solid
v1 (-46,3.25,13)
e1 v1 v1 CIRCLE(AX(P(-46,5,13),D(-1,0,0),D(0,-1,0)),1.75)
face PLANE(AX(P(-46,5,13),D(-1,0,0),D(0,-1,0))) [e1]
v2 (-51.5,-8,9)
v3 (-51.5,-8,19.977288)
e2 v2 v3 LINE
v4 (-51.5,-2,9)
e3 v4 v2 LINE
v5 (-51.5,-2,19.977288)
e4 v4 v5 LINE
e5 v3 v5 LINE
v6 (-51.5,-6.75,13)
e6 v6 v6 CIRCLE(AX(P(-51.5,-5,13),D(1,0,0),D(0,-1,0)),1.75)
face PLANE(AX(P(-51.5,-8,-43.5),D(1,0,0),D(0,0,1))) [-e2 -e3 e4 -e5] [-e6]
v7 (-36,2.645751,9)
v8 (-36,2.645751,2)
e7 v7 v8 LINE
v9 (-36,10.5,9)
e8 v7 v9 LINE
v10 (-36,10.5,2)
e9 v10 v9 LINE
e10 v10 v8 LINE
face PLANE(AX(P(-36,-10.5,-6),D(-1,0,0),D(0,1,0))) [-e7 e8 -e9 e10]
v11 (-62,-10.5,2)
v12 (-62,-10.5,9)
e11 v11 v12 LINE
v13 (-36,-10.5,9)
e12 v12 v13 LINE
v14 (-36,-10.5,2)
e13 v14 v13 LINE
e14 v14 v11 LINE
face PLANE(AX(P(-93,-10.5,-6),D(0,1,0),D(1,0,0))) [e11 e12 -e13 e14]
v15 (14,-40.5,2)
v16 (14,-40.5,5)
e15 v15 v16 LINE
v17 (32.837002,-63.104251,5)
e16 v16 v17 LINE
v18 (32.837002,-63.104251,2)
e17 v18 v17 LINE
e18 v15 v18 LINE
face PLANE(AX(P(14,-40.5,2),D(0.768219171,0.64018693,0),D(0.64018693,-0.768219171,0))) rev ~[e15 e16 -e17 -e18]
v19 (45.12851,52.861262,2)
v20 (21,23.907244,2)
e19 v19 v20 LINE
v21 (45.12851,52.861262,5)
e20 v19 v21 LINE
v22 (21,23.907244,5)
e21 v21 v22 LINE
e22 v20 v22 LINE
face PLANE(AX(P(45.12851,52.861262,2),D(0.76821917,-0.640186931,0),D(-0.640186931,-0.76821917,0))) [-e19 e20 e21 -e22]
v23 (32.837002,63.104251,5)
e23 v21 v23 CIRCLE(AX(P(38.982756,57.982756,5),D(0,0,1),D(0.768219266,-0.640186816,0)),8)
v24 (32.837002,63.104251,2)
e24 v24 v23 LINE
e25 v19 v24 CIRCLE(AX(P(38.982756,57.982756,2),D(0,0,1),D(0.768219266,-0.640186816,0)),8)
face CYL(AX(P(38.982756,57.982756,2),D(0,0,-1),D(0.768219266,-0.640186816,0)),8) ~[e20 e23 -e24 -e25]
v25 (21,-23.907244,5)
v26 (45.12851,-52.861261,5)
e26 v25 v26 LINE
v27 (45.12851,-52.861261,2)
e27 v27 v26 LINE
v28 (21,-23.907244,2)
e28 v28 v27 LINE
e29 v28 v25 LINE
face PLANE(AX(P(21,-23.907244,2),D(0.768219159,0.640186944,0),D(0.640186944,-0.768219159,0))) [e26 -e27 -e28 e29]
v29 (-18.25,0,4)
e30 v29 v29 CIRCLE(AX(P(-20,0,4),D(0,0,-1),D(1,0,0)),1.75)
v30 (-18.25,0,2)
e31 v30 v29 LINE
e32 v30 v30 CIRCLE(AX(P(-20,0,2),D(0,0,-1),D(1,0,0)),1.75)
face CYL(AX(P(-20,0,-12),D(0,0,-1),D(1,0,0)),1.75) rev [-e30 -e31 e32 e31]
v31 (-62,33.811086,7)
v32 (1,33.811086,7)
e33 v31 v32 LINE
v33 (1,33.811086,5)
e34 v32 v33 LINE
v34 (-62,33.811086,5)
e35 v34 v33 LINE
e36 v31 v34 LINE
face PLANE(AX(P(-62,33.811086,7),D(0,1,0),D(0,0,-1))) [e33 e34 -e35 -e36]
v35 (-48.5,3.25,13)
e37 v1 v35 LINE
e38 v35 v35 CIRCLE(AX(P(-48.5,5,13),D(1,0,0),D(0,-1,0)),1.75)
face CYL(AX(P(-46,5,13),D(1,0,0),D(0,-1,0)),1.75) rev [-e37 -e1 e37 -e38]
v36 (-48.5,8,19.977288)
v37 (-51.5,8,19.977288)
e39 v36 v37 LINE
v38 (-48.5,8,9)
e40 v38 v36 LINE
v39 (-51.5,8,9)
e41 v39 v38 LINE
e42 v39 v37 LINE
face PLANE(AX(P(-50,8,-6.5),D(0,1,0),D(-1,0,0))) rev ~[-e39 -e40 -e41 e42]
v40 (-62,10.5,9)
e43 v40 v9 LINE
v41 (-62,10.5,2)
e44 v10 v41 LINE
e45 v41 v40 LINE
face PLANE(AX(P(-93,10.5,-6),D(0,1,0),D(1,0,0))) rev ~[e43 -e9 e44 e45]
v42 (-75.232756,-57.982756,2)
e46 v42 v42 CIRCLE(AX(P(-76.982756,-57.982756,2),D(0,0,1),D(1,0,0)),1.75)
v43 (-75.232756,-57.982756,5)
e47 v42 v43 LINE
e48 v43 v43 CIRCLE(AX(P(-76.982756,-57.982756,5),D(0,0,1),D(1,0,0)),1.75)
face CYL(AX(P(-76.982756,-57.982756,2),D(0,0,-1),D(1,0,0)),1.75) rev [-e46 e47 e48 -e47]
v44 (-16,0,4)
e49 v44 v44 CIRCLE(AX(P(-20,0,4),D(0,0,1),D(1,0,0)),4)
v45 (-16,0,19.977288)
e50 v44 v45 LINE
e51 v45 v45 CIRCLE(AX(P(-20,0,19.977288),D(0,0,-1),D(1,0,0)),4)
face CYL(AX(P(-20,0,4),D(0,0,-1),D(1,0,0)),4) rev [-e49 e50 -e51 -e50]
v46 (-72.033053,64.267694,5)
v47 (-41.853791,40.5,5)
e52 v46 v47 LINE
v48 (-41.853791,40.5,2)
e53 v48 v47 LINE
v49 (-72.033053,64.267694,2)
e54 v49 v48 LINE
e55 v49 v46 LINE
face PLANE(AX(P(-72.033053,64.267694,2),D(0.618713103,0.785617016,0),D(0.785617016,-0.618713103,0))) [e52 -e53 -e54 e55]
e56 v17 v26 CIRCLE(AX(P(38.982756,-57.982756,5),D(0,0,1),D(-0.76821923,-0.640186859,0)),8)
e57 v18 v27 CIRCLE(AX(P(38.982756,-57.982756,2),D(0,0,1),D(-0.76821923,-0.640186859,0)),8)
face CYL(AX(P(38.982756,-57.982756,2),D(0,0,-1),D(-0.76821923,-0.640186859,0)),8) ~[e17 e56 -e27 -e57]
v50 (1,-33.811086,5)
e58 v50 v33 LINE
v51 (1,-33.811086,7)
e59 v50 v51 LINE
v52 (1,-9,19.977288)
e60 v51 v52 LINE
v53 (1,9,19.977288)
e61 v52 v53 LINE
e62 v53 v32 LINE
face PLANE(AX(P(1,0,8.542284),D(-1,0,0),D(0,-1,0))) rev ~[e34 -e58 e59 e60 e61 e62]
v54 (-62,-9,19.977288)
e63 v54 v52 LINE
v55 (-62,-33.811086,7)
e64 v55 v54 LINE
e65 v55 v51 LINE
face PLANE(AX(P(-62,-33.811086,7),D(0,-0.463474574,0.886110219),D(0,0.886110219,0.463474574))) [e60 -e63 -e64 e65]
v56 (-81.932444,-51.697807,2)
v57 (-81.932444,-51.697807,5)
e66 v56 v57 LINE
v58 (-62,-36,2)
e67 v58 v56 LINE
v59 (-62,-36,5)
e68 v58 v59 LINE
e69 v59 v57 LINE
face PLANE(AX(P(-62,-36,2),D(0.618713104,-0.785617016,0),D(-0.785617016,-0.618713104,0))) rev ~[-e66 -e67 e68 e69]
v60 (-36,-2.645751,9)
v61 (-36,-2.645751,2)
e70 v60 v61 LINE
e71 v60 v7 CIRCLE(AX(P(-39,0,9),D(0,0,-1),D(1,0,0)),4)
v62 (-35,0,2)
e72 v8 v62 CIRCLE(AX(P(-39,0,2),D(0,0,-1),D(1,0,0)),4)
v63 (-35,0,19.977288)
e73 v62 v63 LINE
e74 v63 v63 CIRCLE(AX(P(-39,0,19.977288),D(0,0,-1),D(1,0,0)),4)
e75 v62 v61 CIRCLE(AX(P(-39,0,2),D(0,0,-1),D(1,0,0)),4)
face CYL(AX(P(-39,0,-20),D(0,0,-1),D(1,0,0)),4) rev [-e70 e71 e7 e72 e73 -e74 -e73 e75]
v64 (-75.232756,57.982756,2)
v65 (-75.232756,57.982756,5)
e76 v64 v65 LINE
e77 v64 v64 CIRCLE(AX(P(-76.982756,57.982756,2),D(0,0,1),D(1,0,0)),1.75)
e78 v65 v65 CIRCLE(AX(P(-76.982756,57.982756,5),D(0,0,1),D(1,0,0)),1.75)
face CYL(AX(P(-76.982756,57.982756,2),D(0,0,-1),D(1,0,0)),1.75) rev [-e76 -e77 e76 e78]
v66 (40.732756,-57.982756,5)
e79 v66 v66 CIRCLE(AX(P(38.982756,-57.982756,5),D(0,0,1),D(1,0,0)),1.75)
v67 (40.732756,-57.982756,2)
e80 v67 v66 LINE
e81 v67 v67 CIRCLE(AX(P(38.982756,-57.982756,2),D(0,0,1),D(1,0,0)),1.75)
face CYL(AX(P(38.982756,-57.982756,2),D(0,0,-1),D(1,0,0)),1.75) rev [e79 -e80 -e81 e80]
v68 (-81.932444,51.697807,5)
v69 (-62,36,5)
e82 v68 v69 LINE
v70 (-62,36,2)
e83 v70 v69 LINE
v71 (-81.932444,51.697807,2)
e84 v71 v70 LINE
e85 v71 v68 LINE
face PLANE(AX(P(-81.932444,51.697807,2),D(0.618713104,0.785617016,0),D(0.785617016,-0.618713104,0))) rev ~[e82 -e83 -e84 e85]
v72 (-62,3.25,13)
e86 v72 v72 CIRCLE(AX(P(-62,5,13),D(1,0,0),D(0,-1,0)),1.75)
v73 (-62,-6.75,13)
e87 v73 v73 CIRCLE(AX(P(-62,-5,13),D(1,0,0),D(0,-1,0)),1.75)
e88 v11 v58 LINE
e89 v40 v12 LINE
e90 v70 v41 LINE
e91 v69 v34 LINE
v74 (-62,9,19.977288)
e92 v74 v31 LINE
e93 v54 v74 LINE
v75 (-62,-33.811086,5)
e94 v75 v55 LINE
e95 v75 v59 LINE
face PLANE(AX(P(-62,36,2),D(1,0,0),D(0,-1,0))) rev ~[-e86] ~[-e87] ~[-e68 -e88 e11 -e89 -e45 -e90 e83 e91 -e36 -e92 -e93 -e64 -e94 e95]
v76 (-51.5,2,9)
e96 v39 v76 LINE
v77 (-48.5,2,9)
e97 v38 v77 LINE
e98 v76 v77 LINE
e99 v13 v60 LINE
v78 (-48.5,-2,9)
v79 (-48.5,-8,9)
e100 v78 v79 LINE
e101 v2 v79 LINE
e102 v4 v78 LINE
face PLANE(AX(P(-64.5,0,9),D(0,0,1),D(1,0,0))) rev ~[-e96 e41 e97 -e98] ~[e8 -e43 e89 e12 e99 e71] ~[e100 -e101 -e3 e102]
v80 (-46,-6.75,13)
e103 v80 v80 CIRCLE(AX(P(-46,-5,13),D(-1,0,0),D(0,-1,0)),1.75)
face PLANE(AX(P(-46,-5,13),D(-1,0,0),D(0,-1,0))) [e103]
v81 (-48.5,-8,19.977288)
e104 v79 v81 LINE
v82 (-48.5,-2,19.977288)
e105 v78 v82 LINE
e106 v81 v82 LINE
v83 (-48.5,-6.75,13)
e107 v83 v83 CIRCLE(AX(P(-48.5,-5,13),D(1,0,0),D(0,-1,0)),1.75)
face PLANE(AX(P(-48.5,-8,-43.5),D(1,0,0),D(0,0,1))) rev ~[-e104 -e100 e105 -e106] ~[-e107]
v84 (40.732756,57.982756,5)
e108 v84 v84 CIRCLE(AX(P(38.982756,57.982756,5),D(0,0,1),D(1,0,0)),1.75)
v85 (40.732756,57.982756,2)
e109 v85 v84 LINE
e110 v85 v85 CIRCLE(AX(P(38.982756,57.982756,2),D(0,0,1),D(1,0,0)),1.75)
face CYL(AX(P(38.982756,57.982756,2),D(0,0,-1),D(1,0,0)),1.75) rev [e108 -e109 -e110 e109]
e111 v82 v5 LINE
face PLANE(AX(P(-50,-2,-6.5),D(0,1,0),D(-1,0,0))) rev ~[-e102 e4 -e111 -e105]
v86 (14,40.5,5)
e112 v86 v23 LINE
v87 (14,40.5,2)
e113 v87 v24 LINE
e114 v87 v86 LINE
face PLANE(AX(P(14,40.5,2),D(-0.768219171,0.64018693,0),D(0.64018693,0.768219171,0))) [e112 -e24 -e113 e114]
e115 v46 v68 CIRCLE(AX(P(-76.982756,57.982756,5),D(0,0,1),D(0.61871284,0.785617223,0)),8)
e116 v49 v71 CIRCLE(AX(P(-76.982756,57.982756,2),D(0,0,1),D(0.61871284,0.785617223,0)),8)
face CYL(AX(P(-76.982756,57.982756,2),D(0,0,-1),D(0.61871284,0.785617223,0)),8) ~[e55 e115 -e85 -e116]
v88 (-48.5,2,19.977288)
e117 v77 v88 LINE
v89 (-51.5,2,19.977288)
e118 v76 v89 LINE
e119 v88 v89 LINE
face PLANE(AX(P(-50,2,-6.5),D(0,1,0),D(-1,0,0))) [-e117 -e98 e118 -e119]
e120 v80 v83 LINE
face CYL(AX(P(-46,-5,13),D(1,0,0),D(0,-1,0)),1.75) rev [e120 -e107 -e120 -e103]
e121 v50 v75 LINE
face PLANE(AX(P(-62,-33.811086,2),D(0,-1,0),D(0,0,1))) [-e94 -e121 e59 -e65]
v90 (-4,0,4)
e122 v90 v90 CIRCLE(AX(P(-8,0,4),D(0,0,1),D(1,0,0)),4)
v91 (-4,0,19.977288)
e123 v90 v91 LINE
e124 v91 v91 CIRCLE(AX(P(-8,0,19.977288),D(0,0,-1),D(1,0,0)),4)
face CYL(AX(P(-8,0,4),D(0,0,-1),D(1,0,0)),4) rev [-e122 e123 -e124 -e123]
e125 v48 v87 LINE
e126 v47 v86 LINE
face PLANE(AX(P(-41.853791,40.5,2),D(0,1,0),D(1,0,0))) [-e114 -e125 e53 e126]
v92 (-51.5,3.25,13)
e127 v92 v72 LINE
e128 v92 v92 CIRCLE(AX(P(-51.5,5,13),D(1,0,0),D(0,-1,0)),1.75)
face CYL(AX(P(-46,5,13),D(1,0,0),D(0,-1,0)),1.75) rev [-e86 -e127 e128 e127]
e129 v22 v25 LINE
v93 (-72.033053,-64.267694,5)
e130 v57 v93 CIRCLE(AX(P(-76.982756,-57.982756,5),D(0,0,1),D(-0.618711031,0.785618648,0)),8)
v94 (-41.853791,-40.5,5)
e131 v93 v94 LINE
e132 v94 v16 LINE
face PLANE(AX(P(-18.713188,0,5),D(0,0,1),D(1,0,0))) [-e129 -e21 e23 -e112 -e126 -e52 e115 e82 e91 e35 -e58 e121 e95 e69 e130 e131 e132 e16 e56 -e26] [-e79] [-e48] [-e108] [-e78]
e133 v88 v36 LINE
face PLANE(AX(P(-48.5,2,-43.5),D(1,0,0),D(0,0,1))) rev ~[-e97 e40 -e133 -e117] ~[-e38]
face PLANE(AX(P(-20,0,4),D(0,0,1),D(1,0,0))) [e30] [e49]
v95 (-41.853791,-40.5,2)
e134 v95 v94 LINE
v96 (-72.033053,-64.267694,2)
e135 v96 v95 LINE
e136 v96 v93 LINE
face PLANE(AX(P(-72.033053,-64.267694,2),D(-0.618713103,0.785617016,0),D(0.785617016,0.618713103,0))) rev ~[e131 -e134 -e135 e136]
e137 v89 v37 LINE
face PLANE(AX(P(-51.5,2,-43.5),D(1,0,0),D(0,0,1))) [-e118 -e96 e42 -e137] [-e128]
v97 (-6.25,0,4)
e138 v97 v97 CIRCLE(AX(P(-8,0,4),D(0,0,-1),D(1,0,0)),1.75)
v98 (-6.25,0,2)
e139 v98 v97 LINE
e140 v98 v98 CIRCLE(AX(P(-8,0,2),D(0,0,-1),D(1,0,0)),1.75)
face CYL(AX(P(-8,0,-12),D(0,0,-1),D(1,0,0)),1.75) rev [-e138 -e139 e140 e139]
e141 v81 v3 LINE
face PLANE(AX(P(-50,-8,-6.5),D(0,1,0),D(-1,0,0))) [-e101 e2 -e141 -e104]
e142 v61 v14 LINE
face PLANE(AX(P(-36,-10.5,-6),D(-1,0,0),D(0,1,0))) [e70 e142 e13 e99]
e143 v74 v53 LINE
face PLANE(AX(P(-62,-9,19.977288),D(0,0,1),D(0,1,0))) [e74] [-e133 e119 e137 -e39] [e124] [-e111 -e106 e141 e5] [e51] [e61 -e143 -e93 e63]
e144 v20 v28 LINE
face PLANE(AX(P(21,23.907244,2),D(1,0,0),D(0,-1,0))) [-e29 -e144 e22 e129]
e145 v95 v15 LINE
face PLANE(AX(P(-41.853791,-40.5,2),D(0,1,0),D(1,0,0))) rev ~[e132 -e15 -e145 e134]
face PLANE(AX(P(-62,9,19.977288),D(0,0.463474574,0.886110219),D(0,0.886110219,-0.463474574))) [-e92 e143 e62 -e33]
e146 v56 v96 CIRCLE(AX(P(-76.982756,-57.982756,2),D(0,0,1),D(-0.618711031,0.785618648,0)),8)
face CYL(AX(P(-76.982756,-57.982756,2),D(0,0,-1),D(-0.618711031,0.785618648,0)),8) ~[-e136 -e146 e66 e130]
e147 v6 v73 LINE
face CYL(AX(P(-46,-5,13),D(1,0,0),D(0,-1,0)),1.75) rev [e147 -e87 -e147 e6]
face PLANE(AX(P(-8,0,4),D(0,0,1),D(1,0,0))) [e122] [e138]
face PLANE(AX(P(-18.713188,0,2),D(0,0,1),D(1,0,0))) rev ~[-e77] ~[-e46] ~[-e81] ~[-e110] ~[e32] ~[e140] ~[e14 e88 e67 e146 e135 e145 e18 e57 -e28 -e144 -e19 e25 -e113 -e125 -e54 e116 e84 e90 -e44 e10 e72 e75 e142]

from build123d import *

# Parameters (mm, degrees)
BOX063_W                  = 57
BOX063_H                  = 21
BOX063_DEPTH              = 15
CYLINDER030_R             = 1.75
CYLINDER030_DEPTH         = 24.5
CYLINDER030_PITCH_ANGLE   = 90
CYLINDER031_R             = 3
CYLINDER031_DEPTH         = 21.5
CYLINDER031_PITCH_ANGLE   = 90
FUSION027_PITCH_ANGLE     = -90
FUSION027_PLACEMENT_ANGLE = -180
FUSION024_PITCH_ANGLE     = -90
FUSION024_PLACEMENT_ANGLE = -180
FUSION025_PITCH_ANGLE     = -90
FUSION025_PLACEMENT_ANGLE = -180
BOX029_W                  = 3
BOX029_H                  = 74
BOX029_DEPTH              = 6
BOX029_PITCH_ANGLE        = -90
BOX029_PLACEMENT_ANGLE    = -180
BOX030_W                  = 3
BOX030_H                  = 74
BOX030_DEPTH              = 6
BOX030_PITCH_ANGLE        = -90
BOX030_PLACEMENT_ANGLE    = -180
FUSION026_PITCH_ANGLE     = -90
FUSION026_PLACEMENT_ANGLE = -180
FUSION056_ROLL_ANGLE      = -90
FUSION056_PLACEMENT_ANGLE = 90
CYLINDER_R                = 4
CYLINDER_DEPTH            = 60
CYLINDER063_R             = 1.75
CYLINDER063_DEPTH         = 60
CYLINDER061_R             = 4
CYLINDER061_DEPTH         = 60
CYLINDER060_R             = 4
CYLINDER060_DEPTH         = 60
CYLINDER062_R             = 1.75
CYLINDER062_DEPTH         = 60
SKETCH009_R               = 1.75
PAD007_DEPTH              = 3
PAD008_DEPTH              = 63


with BuildPart() as cube066:
    # Box063 → Box063 (new body)
    with BuildSketch(Plane(origin=(-93, -10.5, -6), x_dir=(1, 0, 0), z_dir=(0, 0, 1))):
        with Locations((28.5, 10.5)):
            Rectangle(BOX063_W, BOX063_H)
    extrude(amount=BOX063_DEPTH)


with BuildPart() as joint_d014:
    # Cylinder030 → Cylinder030 (new body)
    with BuildSketch(Plane.XY):
        Circle(CYLINDER030_R)
    extrude(amount=CYLINDER030_DEPTH)


with BuildPart() as joint_d014_1:
    # Cylinder030 pitch: moved
    add(joint_d014.part.rotate(Axis((0, 0, 0), (0, 1, 0)), CYLINDER030_PITCH_ANGLE))


with BuildPart() as joint_d014_2:
    # Cylinder030 placement: moved
    add(joint_d014_1.part.moved(Location((16, -24.5, 7))))


with BuildPart() as joint_d015:
    # Cylinder031 → Cylinder031 (new body)
    with BuildSketch(Plane.XY):
        Circle(CYLINDER031_R)
    extrude(amount=CYLINDER031_DEPTH)


with BuildPart() as joint_d015_1:
    # Cylinder031 pitch: moved
    add(joint_d015.part.rotate(Axis((0, 0, 0), (0, 1, 0)), CYLINDER031_PITCH_ANGLE))


with BuildPart() as joint_d015_2:
    # Cylinder031 placement: moved
    add(joint_d015_1.part.moved(Location((37, -24.5, 7))))


with BuildPart() as fusion027:
    # Fusion027 base: copy of Joint-D015
    add(joint_d015_2.part)

    # Fusion027: union Joint-D014
    add(joint_d014_2.part)


with BuildPart() as fusion027_1:
    # Fusion027 pitch: moved
    add(fusion027.part.rotate(Axis((0, 0, 0), (0, 1, 0)), FUSION027_PITCH_ANGLE))


with BuildPart() as fusion027_2:
    # Fusion027 placement: moved
    add(fusion027_1.part.moved(Location((-2, -39.5, 0))).rotate(Axis((-2, -39.5, 0), (0, 0, 1)), FUSION027_PLACEMENT_ANGLE))


with BuildPart() as fusion024:
    # Fusion024 base: copy of Joint-D015
    add(joint_d015_2.part)

    # Fusion024: union Joint-D014
    add(joint_d014_2.part)


with BuildPart() as fusion024_1:
    # Fusion024 pitch: moved
    add(fusion024.part.rotate(Axis((0, 0, 0), (0, 1, 0)), FUSION024_PITCH_ANGLE))


with BuildPart() as fusion024_2:
    # Fusion024 placement: moved
    add(fusion024_1.part.moved(Location((-12, 9.5, 0))).rotate(Axis((-12, 9.5, 0), (0, 0, 1)), FUSION024_PLACEMENT_ANGLE))


with BuildPart() as fusion025:
    # Fusion025 base: copy of Joint-D015
    add(joint_d015_2.part)

    # Fusion025: union Joint-D014
    add(joint_d014_2.part)


with BuildPart() as fusion025_1:
    # Fusion025 pitch: moved
    add(fusion025.part.rotate(Axis((0, 0, 0), (0, 1, 0)), FUSION025_PITCH_ANGLE))


with BuildPart() as fusion025_2:
    # Fusion025 placement: moved
    add(fusion025_1.part.moved(Location((-2, 9.5, 0))).rotate(Axis((-2, 9.5, 0), (0, 0, 1)), FUSION025_PLACEMENT_ANGLE))


with BuildPart() as cube047:
    # Box029 → Box029 (new body)
    with BuildSketch(Plane.XY):
        with Locations((1.5, 37)):
            Rectangle(BOX029_W, BOX029_H)
    extrude(amount=BOX029_DEPTH)


with BuildPart() as cube047_1:
    # Box029 pitch: moved
    add(cube047.part.rotate(Axis((0, 0, 0), (0, 1, 0)), BOX029_PITCH_ANGLE))


with BuildPart() as cube047_2:
    # Box029 placement: moved
    add(cube047_1.part.moved(Location((-8, 41.5, 18.5))).rotate(Axis((-8, 41.5, 18.5), (0, 0, 1)), BOX029_PLACEMENT_ANGLE))


with BuildPart() as cube048:
    # Box030 → Box030 (new body)
    with BuildSketch(Plane.XY):
        with Locations((1.5, 37)):
            Rectangle(BOX030_W, BOX030_H)
    extrude(amount=BOX030_DEPTH)


with BuildPart() as cube048_1:
    # Box030 pitch: moved
    add(cube048.part.rotate(Axis((0, 0, 0), (0, 1, 0)), BOX030_PITCH_ANGLE))


with BuildPart() as cube048_2:
    # Box030 placement: moved
    add(cube048_1.part.moved(Location((2, 41.5, 18.5))).rotate(Axis((2, 41.5, 18.5), (0, 0, 1)), BOX030_PLACEMENT_ANGLE))


with BuildPart() as fusion056:
    # Fusion026 base: copy of Joint-D015
    add(joint_d015_2.part)

    # Fusion026: union Joint-D014
    add(joint_d014_2.part)


with BuildPart() as fusion056_1:
    # Fusion026 pitch: moved
    add(fusion056.part.rotate(Axis((0, 0, 0), (0, 1, 0)), FUSION026_PITCH_ANGLE))


with BuildPart() as fusion056_2:
    # Fusion026 placement: moved
    add(fusion056_1.part.moved(Location((-12, -39.5, 0))).rotate(Axis((-12, -39.5, 0), (0, 0, 1)), FUSION026_PLACEMENT_ANGLE))

    # Fusion056: union Fusion027, Fusion024, Fusion025, Cube047, Cube048
    add(fusion027_2.part)
    add(fusion024_2.part)
    add(fusion025_2.part)
    add(cube047_2.part)
    add(cube048_2.part)


with BuildPart() as fusion056_3:
    # Fusion056 roll: moved
    add(fusion056_2.part.rotate(Axis((0, 0, 0), (1, 0, 0)), FUSION056_ROLL_ANGLE))


with BuildPart() as fusion056_4:
    # Fusion056 placement: moved
    add(fusion056_3.part.moved(Location((-30, 0, -2))).rotate(Axis((-30, 0, -2), (0, 0, 1)), FUSION056_PLACEMENT_ANGLE))


with BuildPart() as cylinder:
    # Cylinder → Cylinder (new body)
    with BuildSketch(Plane(origin=(-39, 0, -20), x_dir=(1, 0, 0), z_dir=(0, 0, 1))):
        Circle(CYLINDER_R)
    extrude(amount=CYLINDER_DEPTH)


with BuildPart() as cylinder157:
    # Cylinder063 → Cylinder063 (new body)
    with BuildSketch(Plane(origin=(-8, 0, -12), x_dir=(1, 0, 0), z_dir=(0, 0, 1))):
        Circle(CYLINDER063_R)
    extrude(amount=CYLINDER063_DEPTH)


with BuildPart() as cylinder155:
    # Cylinder061 → Cylinder061 (new body)
    with BuildSketch(Plane(origin=(-8, 0, 4), x_dir=(1, 0, 0), z_dir=(0, 0, 1))):
        Circle(CYLINDER061_R)
    extrude(amount=CYLINDER061_DEPTH)


with BuildPart() as cylinder060:
    # Cylinder060 → Cylinder060 (new body)
    with BuildSketch(Plane(origin=(-20, 0, 4), x_dir=(1, 0, 0), z_dir=(0, 0, 1))):
        Circle(CYLINDER060_R)
    extrude(amount=CYLINDER060_DEPTH)


with BuildPart() as fusion073:
    # Cylinder062 → Cylinder062 (new body)
    with BuildSketch(Plane(origin=(-20, 0, -12), x_dir=(1, 0, 0), z_dir=(0, 0, 1))):
        Circle(CYLINDER062_R)
    extrude(amount=CYLINDER062_DEPTH)

    # Fusion073: union Cylinder157, Cylinder155, Cylinder060
    add(cylinder157.part)
    add(cylinder155.part)
    add(cylinder060.part)


with BuildPart() as pad007:
    # Sketch009 → Pad007 (new body)
    with BuildSketch(Plane.XY.offset(2)):
        with BuildLine():
            Line((-81.932444, 51.697807), (-62, 36))
            Line((-62, 36), (-62, -36))
            Line((-62, -36), (-81.932444, -51.697807))
            ThreePointArc((-81.932444, -51.697807), (-83.267699, -62.932452), (-72.033053, -64.267694))
            Line((-72.033053, -64.267694), (-41.853791, -40.5))
            Line((-41.853791, -40.5), (14, -40.5))
            Line((14, -40.5), (32.837002, -63.104251))
            ThreePointArc((32.837002, -63.104251), (44.104251, -64.12851), (45.12851, -52.861261))
            Line((21, -23.907244), (45.12851, -52.861261))
            Line((21, 23.907244), (21, -23.907244))
            Line((45.12851, 52.861262), (21, 23.907244))
            ThreePointArc((45.12851, 52.861262), (44.104251, 64.12851), (32.837002, 63.104251))
            Line((14, 40.5), (32.837002, 63.104251))
            Line((-41.853791, 40.5), (14, 40.5))
            Line((-72.033053, 64.267694), (-41.853791, 40.5))
            ThreePointArc((-72.033053, 64.267694), (-83.267699, 62.932452), (-81.932444, 51.697807))
        make_face()
        with Locations((-76.982756, 57.982756)):
            Circle(SKETCH009_R, mode=Mode.SUBTRACT)
        with Locations((-76.982756, -57.982756)):
            Circle(SKETCH009_R, mode=Mode.SUBTRACT)
        with Locations((38.982756, 57.982756)):
            Circle(SKETCH009_R, mode=Mode.SUBTRACT)
        with Locations((38.982756, -57.982756)):
            Circle(SKETCH009_R, mode=Mode.SUBTRACT)
    extrude(amount=PAD007_DEPTH)


with BuildPart() as clone_of_cut104:
    # Sketch010 → Pad008 (new body)
    with BuildSketch(Plane(origin=(-62, 2, 0), x_dir=(0, 1, 0), z_dir=(1, 0, 0))):
        Polygon((-35.811086, 2), (-35.811086, 7), (-11, 19.977288), (7, 19.977288), (31.811086, 7), (31.811086, 2), align=None)
    extrude(amount=PAD008_DEPTH)

    # Fusion074: union Pad007
    add(pad007.part)

    # Cut101: cut Fusion073
    add(fusion073.part, mode=Mode.SUBTRACT)

    # Cut102: cut Cylinder
    add(cylinder.part, mode=Mode.SUBTRACT)

    # Cut103: cut Fusion056
    add(fusion056_4.part, mode=Mode.SUBTRACT)

    # Cut104: cut Cube066
    add(cube066.part, mode=Mode.SUBTRACT)


solid = clone_of_cut104.part
